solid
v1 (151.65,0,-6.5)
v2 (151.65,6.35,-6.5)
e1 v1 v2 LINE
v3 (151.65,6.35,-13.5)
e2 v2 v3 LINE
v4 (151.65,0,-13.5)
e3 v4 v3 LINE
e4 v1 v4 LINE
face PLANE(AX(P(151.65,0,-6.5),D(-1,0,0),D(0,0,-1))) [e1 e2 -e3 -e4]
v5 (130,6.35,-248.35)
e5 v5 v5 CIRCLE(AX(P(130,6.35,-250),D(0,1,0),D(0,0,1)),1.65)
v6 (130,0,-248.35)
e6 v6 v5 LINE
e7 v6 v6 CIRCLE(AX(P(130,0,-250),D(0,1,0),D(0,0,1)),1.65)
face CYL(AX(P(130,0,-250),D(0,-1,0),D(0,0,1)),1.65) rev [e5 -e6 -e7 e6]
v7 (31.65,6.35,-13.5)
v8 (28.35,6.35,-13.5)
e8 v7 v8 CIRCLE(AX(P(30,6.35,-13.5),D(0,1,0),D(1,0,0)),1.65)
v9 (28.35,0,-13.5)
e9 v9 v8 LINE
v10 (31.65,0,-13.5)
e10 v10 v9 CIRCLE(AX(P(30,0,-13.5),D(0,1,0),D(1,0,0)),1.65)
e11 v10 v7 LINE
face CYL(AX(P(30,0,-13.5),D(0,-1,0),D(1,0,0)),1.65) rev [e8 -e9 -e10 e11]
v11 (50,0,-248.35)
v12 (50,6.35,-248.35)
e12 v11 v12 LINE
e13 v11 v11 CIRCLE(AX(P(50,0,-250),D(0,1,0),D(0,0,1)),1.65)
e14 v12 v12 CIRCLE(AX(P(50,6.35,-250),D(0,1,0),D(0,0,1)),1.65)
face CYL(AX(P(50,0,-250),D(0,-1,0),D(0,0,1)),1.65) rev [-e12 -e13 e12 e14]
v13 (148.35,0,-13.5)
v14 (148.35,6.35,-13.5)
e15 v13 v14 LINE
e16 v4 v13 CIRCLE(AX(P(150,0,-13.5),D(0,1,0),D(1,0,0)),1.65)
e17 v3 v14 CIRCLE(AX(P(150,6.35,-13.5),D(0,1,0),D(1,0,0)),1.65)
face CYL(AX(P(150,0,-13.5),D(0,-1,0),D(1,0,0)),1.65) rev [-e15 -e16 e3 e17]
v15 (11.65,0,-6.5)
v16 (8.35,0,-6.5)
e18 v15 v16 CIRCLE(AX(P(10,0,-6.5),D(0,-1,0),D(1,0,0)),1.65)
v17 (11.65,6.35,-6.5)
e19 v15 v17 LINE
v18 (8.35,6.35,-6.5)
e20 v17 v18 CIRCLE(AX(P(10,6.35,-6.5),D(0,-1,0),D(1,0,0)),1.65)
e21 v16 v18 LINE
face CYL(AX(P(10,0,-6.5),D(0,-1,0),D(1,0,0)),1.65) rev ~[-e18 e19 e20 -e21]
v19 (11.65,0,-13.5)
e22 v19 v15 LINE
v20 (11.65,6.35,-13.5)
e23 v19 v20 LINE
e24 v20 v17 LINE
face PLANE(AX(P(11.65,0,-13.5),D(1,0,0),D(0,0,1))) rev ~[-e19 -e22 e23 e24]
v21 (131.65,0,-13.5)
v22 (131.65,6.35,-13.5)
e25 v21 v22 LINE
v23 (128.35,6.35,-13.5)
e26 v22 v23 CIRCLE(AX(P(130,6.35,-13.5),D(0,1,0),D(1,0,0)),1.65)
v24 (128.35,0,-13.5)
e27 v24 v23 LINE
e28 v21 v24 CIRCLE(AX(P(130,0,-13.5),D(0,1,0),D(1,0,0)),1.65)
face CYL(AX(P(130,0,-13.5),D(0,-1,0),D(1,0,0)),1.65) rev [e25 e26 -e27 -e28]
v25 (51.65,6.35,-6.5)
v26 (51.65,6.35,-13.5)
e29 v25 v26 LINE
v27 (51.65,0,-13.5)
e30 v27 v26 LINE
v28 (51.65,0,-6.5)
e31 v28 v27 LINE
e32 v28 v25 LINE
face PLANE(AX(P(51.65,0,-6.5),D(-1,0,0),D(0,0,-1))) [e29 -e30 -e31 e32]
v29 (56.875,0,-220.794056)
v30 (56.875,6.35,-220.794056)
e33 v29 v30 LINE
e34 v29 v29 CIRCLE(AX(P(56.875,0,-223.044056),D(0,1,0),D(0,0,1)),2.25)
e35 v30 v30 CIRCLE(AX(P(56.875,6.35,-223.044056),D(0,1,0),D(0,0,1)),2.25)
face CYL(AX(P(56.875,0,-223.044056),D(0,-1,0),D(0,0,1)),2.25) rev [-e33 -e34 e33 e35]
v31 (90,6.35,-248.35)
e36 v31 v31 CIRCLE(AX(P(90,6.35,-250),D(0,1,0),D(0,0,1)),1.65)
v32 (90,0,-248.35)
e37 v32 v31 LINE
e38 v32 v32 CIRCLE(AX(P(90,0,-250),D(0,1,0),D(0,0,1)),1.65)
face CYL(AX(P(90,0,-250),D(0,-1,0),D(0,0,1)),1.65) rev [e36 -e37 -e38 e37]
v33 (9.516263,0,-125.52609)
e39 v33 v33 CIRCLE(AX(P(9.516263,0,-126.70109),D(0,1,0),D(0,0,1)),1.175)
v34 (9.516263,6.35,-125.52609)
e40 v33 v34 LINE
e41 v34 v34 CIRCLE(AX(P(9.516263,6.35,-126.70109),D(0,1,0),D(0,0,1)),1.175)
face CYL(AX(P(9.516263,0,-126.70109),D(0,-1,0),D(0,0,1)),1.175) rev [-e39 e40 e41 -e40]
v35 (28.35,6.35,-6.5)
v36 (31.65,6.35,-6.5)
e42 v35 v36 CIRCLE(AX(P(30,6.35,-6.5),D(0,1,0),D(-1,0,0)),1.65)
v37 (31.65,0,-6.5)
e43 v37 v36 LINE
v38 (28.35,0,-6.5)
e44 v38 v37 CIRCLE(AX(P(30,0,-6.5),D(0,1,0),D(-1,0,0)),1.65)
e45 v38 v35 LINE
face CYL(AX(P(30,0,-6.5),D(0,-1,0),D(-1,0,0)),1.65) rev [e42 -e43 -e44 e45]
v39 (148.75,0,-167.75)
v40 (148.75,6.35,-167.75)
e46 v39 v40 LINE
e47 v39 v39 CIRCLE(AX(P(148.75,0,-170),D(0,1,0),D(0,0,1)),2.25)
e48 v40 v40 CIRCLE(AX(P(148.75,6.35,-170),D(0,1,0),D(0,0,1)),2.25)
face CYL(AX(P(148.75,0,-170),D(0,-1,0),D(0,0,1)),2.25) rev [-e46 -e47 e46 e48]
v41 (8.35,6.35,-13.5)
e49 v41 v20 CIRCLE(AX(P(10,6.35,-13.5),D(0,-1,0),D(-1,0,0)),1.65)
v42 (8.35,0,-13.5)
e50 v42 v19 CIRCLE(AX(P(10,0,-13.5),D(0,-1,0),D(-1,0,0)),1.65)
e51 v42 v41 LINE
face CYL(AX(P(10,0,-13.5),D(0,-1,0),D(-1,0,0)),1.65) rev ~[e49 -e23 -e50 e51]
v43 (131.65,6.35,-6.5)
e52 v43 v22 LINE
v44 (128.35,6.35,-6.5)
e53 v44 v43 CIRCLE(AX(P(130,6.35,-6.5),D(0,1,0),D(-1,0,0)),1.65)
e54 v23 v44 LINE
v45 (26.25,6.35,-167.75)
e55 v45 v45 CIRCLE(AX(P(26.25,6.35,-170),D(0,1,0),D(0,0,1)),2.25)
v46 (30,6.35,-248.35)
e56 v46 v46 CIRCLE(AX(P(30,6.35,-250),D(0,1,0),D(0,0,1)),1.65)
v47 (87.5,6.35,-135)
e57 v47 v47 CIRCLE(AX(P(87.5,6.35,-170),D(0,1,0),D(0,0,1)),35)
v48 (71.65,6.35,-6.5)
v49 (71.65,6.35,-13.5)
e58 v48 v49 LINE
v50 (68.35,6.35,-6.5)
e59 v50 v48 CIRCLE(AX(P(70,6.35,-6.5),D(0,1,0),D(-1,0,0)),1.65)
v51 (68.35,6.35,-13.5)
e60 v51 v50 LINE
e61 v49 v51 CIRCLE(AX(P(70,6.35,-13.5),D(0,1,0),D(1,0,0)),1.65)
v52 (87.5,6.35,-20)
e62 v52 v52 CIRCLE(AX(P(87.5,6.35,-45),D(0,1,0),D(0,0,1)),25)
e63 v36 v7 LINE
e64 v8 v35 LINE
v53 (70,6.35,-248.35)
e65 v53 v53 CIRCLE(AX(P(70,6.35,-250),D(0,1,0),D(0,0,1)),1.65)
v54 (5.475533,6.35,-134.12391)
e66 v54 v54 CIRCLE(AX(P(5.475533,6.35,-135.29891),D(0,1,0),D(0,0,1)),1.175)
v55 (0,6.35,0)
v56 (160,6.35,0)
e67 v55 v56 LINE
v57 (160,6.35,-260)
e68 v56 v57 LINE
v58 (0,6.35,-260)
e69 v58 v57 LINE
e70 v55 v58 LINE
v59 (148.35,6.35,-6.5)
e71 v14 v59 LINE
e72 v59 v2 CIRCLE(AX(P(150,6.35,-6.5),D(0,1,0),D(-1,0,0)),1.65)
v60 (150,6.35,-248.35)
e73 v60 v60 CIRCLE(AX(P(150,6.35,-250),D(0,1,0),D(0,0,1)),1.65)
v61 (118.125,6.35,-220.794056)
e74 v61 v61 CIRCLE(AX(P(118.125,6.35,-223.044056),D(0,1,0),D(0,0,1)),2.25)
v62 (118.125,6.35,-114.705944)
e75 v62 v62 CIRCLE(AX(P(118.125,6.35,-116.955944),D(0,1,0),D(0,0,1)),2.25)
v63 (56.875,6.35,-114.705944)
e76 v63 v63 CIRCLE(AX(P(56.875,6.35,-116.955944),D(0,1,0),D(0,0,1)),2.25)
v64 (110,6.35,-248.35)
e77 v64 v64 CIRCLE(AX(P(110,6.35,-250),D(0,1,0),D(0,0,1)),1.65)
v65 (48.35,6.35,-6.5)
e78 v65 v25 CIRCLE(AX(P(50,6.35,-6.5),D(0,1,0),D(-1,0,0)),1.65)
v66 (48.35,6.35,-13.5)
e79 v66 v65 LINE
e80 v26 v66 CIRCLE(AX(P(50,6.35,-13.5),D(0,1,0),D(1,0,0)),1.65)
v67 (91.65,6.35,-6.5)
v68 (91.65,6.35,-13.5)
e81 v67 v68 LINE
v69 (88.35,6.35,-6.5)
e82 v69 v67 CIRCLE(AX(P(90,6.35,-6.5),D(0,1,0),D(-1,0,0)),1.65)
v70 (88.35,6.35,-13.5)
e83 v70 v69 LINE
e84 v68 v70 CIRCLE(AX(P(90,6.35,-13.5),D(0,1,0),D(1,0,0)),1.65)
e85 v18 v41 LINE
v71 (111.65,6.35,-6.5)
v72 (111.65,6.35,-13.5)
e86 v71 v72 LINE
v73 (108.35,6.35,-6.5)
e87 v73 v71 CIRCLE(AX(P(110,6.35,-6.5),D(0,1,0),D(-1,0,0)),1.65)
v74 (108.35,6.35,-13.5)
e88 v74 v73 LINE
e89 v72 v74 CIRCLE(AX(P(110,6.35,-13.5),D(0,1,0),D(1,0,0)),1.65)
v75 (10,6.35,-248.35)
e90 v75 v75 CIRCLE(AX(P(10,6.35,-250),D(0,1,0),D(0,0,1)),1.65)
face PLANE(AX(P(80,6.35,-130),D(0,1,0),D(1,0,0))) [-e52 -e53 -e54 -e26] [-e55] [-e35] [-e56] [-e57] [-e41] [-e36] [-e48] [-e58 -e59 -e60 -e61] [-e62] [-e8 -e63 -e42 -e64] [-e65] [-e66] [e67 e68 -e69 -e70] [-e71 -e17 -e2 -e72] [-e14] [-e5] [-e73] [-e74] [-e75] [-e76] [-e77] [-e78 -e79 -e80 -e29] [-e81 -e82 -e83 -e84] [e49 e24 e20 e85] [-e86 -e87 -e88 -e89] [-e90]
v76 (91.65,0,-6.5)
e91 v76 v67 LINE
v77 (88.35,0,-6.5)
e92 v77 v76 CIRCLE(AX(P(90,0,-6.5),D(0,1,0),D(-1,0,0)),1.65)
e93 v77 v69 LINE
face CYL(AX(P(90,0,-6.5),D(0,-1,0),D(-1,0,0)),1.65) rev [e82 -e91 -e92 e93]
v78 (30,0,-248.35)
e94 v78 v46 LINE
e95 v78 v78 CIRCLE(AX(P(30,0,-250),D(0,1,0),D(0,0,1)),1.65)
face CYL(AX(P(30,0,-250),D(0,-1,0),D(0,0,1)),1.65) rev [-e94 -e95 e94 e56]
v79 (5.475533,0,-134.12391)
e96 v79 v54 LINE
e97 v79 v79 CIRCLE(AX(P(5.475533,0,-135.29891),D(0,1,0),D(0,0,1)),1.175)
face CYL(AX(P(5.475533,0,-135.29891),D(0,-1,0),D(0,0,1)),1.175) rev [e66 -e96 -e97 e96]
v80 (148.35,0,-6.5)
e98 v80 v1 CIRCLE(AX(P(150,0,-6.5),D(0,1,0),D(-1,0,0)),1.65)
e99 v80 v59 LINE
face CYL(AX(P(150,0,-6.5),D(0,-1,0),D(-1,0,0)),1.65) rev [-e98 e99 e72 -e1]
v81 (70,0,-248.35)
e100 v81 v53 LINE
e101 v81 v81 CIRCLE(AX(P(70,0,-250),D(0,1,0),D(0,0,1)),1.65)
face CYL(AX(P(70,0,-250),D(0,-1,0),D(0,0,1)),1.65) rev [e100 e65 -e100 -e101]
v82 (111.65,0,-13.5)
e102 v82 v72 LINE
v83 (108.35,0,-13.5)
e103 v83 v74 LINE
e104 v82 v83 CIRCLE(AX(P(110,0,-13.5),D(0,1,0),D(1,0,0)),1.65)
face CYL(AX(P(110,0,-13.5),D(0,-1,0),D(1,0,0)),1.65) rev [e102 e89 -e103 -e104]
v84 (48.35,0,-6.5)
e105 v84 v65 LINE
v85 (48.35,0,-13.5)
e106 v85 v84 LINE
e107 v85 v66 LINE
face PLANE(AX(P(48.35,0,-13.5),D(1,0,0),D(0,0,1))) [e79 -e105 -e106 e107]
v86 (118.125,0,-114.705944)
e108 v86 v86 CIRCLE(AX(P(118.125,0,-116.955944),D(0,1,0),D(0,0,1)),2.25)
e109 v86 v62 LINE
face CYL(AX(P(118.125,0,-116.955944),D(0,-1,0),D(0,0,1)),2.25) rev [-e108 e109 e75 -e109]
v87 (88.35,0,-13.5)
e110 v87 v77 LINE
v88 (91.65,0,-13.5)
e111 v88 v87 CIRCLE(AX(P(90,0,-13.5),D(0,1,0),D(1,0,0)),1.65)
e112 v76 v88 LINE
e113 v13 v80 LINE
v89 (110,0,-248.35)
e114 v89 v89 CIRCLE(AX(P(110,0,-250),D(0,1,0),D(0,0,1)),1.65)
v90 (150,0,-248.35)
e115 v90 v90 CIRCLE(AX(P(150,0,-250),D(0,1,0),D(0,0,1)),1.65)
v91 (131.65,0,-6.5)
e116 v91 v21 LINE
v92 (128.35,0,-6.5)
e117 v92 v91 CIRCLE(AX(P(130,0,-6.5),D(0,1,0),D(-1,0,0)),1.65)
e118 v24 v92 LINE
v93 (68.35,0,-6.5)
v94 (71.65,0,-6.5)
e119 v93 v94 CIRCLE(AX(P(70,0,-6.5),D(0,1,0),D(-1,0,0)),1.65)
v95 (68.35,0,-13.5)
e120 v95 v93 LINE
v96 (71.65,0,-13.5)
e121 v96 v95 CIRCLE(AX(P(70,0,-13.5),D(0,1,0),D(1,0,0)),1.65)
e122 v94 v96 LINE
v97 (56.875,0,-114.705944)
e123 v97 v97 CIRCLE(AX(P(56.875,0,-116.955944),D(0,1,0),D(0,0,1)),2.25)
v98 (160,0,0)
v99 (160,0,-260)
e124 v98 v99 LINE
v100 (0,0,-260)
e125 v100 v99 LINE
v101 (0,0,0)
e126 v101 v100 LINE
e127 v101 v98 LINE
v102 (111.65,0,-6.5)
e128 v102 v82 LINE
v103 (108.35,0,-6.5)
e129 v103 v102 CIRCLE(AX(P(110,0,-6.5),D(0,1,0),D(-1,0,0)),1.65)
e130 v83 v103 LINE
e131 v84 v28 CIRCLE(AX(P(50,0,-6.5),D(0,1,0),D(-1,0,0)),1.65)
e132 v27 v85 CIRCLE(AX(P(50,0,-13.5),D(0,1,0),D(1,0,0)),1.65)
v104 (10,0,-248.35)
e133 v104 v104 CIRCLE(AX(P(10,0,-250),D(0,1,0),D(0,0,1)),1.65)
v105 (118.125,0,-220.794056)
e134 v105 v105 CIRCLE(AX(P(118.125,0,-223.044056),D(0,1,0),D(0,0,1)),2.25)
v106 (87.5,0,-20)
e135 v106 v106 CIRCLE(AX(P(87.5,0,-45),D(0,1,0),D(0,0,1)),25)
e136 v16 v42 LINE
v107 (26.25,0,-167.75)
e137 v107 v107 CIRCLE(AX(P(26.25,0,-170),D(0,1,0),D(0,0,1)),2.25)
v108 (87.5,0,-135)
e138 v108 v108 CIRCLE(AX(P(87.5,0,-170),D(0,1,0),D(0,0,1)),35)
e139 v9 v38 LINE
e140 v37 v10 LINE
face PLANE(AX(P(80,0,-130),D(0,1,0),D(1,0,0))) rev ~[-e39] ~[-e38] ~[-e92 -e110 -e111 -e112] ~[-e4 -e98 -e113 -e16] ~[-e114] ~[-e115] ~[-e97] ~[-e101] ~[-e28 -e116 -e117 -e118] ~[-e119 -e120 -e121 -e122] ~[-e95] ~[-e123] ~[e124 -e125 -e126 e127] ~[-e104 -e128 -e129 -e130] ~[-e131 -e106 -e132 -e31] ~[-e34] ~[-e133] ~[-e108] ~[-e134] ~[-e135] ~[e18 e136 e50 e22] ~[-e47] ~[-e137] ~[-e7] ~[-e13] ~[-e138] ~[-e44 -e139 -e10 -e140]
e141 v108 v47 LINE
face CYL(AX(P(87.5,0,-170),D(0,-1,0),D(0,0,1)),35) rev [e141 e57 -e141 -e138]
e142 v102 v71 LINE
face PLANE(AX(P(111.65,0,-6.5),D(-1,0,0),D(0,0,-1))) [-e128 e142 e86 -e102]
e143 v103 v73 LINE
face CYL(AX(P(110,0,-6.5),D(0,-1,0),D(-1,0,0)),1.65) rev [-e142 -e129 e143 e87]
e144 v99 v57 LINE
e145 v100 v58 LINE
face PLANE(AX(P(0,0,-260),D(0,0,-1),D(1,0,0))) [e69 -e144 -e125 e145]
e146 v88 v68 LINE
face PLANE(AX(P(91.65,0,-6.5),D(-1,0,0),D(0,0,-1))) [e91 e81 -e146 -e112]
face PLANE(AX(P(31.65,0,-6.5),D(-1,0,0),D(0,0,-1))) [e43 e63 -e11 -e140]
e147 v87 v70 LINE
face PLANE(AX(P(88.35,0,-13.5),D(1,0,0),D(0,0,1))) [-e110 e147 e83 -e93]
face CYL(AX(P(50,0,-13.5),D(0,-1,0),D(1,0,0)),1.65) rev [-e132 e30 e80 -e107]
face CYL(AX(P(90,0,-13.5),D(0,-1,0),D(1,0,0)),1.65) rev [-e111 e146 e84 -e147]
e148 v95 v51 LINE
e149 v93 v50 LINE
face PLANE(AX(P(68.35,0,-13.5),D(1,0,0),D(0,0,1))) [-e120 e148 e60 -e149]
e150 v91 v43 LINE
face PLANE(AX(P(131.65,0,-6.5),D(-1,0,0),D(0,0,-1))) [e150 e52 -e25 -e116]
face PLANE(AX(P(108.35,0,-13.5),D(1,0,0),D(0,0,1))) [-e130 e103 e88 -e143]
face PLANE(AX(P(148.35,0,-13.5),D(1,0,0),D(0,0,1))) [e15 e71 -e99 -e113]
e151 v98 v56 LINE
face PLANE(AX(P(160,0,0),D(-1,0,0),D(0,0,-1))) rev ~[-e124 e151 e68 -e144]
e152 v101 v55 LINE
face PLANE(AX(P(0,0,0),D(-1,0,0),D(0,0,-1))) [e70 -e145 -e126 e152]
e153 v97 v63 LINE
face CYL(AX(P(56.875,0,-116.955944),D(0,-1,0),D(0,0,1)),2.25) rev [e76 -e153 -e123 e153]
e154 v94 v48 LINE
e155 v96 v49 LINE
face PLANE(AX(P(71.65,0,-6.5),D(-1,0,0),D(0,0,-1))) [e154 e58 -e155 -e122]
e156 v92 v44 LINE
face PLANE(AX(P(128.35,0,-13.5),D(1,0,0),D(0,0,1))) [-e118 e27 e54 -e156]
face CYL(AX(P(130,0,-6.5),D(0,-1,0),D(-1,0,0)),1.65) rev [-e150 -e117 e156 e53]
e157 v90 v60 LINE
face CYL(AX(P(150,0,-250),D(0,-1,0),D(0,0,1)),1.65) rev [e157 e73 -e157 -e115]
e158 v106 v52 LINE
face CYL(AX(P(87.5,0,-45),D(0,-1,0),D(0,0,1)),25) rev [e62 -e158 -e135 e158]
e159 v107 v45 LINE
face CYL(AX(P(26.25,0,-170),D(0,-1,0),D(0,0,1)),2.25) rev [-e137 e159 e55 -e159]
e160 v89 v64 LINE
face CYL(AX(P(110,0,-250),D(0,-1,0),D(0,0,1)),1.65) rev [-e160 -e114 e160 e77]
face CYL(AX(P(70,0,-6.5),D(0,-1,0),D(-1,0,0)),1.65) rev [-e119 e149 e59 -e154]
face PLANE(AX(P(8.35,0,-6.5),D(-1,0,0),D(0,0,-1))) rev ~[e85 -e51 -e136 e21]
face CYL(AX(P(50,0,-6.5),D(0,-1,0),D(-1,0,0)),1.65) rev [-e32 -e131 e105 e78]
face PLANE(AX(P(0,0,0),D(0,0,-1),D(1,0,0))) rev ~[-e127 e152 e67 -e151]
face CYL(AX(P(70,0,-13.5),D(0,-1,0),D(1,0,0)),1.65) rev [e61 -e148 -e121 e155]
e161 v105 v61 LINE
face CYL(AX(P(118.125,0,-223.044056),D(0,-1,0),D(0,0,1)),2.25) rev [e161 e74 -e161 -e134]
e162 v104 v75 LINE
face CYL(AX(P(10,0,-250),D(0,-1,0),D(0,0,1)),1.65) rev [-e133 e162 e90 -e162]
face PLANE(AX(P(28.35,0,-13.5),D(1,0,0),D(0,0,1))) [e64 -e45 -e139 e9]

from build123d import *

# Parameters (mm, degrees)
SKETCH1_W           = 160
SKETCH1_H           = 260
SKETCH1_R           = 35
SKETCH1_R_2         = 25
SKETCH1_R_3         = 2.25
SKETCH1_R_4         = 1.175
SKETCH1_R_5         = 1.65
BOSS_EXTRUDE1_DEPTH = 6.35


with BuildPart() as part:
    # Sketch1 → Boss-Extrude1 (new body)
    with BuildSketch(Plane(origin=(0, 0, 0), x_dir=(1, 0, 0), z_dir=(0, 1, 0))):
        with Locations((80, 130)):
            Rectangle(SKETCH1_W, SKETCH1_H)
        with Locations(Location((87.5, 170, 0), (0, 0, 270))):
            Circle(SKETCH1_R, mode=Mode.SUBTRACT)
        with Locations(Location((87.5, 45, 0), (0, 0, 270))):
            Circle(SKETCH1_R_2, mode=Mode.SUBTRACT)
        with Locations(Location((148.75, 170, 0), (0, 0, 270))):
            Circle(SKETCH1_R_3, mode=Mode.SUBTRACT)
        with Locations(Location((118.125, 116.955944018, 0), (0, 0, 270))):
            Circle(SKETCH1_R_3, mode=Mode.SUBTRACT)
        with Locations(Location((56.875, 116.955944018, 0), (0, 0, 270))):
            Circle(SKETCH1_R_3, mode=Mode.SUBTRACT)
        with Locations(Location((26.25, 170, 0), (0, 0, 270))):
            Circle(SKETCH1_R_3, mode=Mode.SUBTRACT)
        with Locations(Location((56.875, 223.044055982, 0), (0, 0, 270))):
            Circle(SKETCH1_R_3, mode=Mode.SUBTRACT)
        with Locations(Location((118.125, 223.044055982, 0), (0, 0, 270))):
            Circle(SKETCH1_R_3, mode=Mode.SUBTRACT)
        with Locations(Location((5.475532842, 135.298909731, 0), (0, 0, 270))):
            Circle(SKETCH1_R_4, mode=Mode.SUBTRACT)
        with Locations(Location((9.516263037, 126.701090269, 0), (0, 0, 270))):
            Circle(SKETCH1_R_4, mode=Mode.SUBTRACT)
        with Locations(Location((10, 250, 0), (0, 0, 270))):
            Circle(SKETCH1_R_5, mode=Mode.SUBTRACT)
        with Locations(Location((30, 250, 0), (0, 0, 270))):
            Circle(SKETCH1_R_5, mode=Mode.SUBTRACT)
        with Locations(Location((50, 250, 0), (0, 0, 270))):
            Circle(SKETCH1_R_5, mode=Mode.SUBTRACT)
        with Locations(Location((70, 250, 0), (0, 0, 270))):
            Circle(SKETCH1_R_5, mode=Mode.SUBTRACT)
        with Locations(Location((90, 250, 0), (0, 0, 270))):
            Circle(SKETCH1_R_5, mode=Mode.SUBTRACT)
        with Locations(Location((110, 250, 0), (0, 0, 270))):
            Circle(SKETCH1_R_5, mode=Mode.SUBTRACT)
        with Locations(Location((130, 250, 0), (0, 0, 270))):
            Circle(SKETCH1_R_5, mode=Mode.SUBTRACT)
        with Locations(Location((150, 250, 0), (0, 0, 270))):
            Circle(SKETCH1_R_5, mode=Mode.SUBTRACT)
        with BuildLine():
            Line((8.35, 6.5), (8.35, 13.5))
            ThreePointArc((8.35, 13.5), (10, 15.15), (11.65, 13.5))
            Line((11.65, 13.5), (11.65, 6.5))
            ThreePointArc((11.65, 6.5), (10, 4.85), (8.35, 6.5))
        make_face(mode=Mode.SUBTRACT)
        with BuildLine():
            Line((31.65, 6.5), (31.65, 13.5))
            ThreePointArc((31.65, 13.5), (30, 15.15), (28.35, 13.5))
            Line((28.35, 13.5), (28.35, 6.5))
            ThreePointArc((28.35, 6.5), (30, 4.85), (31.65, 6.5))
        make_face(mode=Mode.SUBTRACT)
        with BuildLine():
            Line((51.65, 6.5), (51.65, 13.5))
            ThreePointArc((51.65, 13.5), (50, 15.15), (48.35, 13.5))
            Line((48.35, 13.5), (48.35, 6.5))
            ThreePointArc((48.35, 6.5), (50, 4.85), (51.65, 6.5))
        make_face(mode=Mode.SUBTRACT)
        with BuildLine():
            Line((71.65, 6.5), (71.65, 13.5))
            ThreePointArc((71.65, 13.5), (70, 15.15), (68.35, 13.5))
            Line((68.35, 13.5), (68.35, 6.5))
            ThreePointArc((68.35, 6.5), (70, 4.85), (71.65, 6.5))
        make_face(mode=Mode.SUBTRACT)
        with BuildLine():
            Line((91.65, 6.5), (91.65, 13.5))
            ThreePointArc((91.65, 13.5), (90, 15.15), (88.35, 13.5))
            Line((88.35, 13.5), (88.35, 6.5))
            ThreePointArc((88.35, 6.5), (90, 4.85), (91.65, 6.5))
        make_face(mode=Mode.SUBTRACT)
        with BuildLine():
            Line((111.65, 6.5), (111.65, 13.5))
            ThreePointArc((111.65, 13.5), (110, 15.15), (108.35, 13.5))
            Line((108.35, 13.5), (108.35, 6.5))
            ThreePointArc((108.35, 6.5), (110, 4.85), (111.65, 6.5))
        make_face(mode=Mode.SUBTRACT)
        with BuildLine():
            Line((131.65, 6.5), (131.65, 13.5))
            ThreePointArc((131.65, 13.5), (130, 15.15), (128.35, 13.5))
            Line((128.35, 13.5), (128.35, 6.5))
            ThreePointArc((128.35, 6.5), (130, 4.85), (131.65, 6.5))
        make_face(mode=Mode.SUBTRACT)
        with BuildLine():
            Line((151.65, 6.5), (151.65, 13.5))
            ThreePointArc((151.65, 13.5), (150, 15.15), (148.35, 13.5))
            Line((148.35, 13.5), (148.35, 6.5))
            ThreePointArc((148.35, 6.5), (150, 4.85), (151.65, 6.5))
        make_face(mode=Mode.SUBTRACT)
    extrude(amount=BOSS_EXTRUDE1_DEPTH)


solid = part.part
